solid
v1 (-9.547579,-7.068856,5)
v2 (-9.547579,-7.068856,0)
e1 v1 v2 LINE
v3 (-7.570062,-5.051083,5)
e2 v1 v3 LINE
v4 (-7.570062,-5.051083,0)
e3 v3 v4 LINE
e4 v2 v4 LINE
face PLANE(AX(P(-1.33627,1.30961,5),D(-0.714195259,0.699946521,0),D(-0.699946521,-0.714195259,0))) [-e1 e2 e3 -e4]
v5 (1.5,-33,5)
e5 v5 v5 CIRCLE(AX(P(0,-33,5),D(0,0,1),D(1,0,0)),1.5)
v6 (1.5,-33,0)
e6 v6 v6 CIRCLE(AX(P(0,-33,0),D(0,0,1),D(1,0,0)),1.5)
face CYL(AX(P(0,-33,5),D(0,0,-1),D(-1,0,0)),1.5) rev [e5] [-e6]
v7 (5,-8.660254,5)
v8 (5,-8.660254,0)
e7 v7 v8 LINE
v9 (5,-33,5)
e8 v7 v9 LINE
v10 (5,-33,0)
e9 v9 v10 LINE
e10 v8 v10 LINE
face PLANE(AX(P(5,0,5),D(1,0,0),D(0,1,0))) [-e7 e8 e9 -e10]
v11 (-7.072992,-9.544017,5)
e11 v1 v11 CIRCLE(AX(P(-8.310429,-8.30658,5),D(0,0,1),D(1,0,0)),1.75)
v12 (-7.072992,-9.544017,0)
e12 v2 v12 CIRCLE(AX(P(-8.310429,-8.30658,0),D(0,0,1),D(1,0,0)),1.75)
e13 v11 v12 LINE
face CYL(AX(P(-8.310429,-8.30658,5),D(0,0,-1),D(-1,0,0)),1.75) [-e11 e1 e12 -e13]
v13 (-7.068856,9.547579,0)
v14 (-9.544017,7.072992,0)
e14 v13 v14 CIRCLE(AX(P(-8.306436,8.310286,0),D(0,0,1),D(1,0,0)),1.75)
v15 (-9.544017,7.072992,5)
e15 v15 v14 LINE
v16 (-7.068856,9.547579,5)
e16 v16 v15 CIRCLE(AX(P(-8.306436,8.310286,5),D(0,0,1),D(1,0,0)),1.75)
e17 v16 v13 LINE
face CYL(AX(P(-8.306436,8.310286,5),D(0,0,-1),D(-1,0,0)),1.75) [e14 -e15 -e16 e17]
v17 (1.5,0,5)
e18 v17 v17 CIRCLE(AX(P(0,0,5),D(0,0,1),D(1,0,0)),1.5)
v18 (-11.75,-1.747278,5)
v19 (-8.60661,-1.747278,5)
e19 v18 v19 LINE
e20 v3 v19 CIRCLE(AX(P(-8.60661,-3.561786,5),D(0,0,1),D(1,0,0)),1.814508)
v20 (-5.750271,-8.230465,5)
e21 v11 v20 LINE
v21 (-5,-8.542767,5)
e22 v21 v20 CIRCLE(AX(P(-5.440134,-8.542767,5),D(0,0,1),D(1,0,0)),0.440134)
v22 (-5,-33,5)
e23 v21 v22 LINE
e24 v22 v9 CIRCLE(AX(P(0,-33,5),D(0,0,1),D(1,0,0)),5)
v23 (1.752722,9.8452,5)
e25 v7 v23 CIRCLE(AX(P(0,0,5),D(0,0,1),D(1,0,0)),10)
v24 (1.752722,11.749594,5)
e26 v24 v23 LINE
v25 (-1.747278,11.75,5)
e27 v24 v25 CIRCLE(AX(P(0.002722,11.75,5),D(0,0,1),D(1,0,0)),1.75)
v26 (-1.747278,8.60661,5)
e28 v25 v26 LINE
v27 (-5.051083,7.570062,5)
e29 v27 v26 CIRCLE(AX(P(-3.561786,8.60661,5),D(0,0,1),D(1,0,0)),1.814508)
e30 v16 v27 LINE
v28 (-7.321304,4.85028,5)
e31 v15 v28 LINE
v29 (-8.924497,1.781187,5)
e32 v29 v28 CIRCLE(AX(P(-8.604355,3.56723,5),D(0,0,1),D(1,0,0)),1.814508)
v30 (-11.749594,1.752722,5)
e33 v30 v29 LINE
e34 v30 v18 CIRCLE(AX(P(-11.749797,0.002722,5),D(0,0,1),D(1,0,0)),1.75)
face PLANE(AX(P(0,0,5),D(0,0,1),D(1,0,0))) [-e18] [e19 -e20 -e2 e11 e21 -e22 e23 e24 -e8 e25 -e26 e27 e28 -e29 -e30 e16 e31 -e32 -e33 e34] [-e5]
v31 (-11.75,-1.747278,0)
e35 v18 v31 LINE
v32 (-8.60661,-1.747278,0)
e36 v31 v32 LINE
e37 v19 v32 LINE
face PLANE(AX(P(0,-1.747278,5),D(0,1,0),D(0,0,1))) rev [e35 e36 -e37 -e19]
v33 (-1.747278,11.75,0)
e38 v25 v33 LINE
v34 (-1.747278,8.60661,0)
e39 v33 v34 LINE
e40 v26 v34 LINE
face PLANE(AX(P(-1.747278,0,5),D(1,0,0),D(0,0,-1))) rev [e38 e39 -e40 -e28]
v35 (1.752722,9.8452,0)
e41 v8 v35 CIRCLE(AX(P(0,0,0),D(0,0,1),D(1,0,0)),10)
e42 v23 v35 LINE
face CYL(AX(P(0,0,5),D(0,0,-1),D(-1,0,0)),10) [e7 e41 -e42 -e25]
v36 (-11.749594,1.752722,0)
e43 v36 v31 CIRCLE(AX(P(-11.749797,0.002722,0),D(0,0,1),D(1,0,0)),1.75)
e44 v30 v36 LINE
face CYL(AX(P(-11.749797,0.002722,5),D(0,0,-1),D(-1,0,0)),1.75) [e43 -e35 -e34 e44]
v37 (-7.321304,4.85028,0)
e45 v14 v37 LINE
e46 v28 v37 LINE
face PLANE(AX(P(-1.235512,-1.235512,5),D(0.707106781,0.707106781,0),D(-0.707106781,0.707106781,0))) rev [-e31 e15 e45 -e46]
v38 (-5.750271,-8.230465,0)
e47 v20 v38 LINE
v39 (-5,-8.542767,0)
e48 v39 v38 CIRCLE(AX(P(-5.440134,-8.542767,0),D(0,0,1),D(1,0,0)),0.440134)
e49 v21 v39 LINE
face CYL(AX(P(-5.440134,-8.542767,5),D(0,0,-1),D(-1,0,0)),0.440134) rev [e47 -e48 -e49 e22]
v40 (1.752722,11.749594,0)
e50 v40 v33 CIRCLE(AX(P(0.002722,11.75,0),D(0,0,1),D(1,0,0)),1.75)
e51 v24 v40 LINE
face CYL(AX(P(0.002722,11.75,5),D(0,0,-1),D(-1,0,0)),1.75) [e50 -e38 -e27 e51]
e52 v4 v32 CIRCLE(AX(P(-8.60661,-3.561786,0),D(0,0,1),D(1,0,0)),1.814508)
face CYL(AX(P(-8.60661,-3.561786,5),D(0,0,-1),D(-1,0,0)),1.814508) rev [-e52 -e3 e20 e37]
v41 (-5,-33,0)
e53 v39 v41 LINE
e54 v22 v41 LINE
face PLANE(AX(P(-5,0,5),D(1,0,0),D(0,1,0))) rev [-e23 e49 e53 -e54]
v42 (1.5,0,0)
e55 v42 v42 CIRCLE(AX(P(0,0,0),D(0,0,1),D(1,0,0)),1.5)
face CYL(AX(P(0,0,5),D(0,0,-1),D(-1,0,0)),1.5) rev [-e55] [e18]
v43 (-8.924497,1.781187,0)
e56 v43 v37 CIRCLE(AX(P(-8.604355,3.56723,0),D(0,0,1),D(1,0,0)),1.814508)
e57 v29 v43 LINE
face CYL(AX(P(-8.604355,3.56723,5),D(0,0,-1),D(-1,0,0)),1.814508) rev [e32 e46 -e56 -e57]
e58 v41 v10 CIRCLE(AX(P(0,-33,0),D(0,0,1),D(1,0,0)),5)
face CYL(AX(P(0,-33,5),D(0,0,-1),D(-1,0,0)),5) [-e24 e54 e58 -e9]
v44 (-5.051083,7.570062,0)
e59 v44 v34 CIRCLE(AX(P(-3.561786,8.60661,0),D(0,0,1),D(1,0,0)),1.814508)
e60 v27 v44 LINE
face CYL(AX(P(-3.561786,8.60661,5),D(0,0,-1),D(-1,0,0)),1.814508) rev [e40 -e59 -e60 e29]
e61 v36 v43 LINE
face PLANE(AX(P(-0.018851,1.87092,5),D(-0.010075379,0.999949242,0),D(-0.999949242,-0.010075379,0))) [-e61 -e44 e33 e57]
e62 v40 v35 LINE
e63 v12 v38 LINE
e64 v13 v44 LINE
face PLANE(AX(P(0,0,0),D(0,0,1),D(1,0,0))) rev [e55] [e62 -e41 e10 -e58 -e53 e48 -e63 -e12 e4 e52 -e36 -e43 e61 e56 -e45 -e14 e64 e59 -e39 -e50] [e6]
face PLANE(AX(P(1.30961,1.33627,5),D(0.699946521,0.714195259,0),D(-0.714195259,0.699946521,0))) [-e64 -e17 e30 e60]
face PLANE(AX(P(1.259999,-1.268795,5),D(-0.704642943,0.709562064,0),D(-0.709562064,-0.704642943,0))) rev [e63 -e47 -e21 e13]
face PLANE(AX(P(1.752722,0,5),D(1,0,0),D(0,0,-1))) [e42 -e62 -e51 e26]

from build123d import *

# Parameters (mm, degrees)
SKETCH2_R           = 1.5
BOSS_EXTRUDE1_DEPTH = 5


with BuildPart() as part:
    # Sketch2 → Boss-Extrude1 (new body)
    with BuildSketch(Plane.XY):
        with BuildLine():
            Line((5, -8.660254038), (5, -33))
            ThreePointArc((5, -33), (0, -38), (-5, -33))
            Line((-5, -33), (-5, -8.542766751))
            ThreePointArc((-5, -8.542766751), (-5.270994803, -8.136429895), (-5.750270597, -8.230464661))
            Line((-5.750270597, -8.230464661), (-7.072992385, -9.544016527))
            ThreePointArc((-7.072992385, -9.544016527), (-9.548009447, -9.543873182), (-9.547579415, -7.068856154))
            Line((-9.547579415, -7.068856154), (-7.570062095, -5.051082723))
            ThreePointArc((-7.570062095, -5.051082723), (-6.875312951, -3.018601992), (-8.606609983, -1.747277927))
            Line((-8.606609983, -1.747277927), (-11.749999685, -1.747277927))
            ThreePointArc((-11.749999685, -1.747277927), (-13.499796954, 0.002924757), (-11.74959427, 1.752722026))
            Line((-11.74959427, 1.752722026), (-8.924497087, 1.781187396))
            ThreePointArc((-8.924497087, 1.781187396), (-6.996054349, 2.727106472), (-7.321304353, 4.850280211))
            Line((-7.321304353, 4.850280211), (-9.544016527, 7.072992385))
            ThreePointArc((-9.544016527, 7.072992385), (-9.543729855, 9.547866086), (-7.068856154, 9.547579415))
            Line((-7.068856154, 9.547579415), (-5.051082723, 7.570062095))
            ThreePointArc((-5.051082723, 7.570062095), (-3.018601992, 6.875312951), (-1.747277927, 8.606609983))
            Line((-1.747277927, 8.606609983), (-1.747277927, 11.749999685))
            ThreePointArc((-1.747277927, 11.749999685), (0.002924781, 13.499999673), (1.752722026, 11.74959427))
            Line((1.752722026, 11.74959427), (1.752722026, 9.845200125))
            ThreePointArc((1.752722026, 9.845200125), (9.849506187, 1.728359878), (5, -8.660254038))
        make_face()
        with Locations((0, -33)):
            Circle(SKETCH2_R, mode=Mode.SUBTRACT)
        Circle(SKETCH2_R, mode=Mode.SUBTRACT)
    extrude(amount=BOSS_EXTRUDE1_DEPTH)


solid = part.part
